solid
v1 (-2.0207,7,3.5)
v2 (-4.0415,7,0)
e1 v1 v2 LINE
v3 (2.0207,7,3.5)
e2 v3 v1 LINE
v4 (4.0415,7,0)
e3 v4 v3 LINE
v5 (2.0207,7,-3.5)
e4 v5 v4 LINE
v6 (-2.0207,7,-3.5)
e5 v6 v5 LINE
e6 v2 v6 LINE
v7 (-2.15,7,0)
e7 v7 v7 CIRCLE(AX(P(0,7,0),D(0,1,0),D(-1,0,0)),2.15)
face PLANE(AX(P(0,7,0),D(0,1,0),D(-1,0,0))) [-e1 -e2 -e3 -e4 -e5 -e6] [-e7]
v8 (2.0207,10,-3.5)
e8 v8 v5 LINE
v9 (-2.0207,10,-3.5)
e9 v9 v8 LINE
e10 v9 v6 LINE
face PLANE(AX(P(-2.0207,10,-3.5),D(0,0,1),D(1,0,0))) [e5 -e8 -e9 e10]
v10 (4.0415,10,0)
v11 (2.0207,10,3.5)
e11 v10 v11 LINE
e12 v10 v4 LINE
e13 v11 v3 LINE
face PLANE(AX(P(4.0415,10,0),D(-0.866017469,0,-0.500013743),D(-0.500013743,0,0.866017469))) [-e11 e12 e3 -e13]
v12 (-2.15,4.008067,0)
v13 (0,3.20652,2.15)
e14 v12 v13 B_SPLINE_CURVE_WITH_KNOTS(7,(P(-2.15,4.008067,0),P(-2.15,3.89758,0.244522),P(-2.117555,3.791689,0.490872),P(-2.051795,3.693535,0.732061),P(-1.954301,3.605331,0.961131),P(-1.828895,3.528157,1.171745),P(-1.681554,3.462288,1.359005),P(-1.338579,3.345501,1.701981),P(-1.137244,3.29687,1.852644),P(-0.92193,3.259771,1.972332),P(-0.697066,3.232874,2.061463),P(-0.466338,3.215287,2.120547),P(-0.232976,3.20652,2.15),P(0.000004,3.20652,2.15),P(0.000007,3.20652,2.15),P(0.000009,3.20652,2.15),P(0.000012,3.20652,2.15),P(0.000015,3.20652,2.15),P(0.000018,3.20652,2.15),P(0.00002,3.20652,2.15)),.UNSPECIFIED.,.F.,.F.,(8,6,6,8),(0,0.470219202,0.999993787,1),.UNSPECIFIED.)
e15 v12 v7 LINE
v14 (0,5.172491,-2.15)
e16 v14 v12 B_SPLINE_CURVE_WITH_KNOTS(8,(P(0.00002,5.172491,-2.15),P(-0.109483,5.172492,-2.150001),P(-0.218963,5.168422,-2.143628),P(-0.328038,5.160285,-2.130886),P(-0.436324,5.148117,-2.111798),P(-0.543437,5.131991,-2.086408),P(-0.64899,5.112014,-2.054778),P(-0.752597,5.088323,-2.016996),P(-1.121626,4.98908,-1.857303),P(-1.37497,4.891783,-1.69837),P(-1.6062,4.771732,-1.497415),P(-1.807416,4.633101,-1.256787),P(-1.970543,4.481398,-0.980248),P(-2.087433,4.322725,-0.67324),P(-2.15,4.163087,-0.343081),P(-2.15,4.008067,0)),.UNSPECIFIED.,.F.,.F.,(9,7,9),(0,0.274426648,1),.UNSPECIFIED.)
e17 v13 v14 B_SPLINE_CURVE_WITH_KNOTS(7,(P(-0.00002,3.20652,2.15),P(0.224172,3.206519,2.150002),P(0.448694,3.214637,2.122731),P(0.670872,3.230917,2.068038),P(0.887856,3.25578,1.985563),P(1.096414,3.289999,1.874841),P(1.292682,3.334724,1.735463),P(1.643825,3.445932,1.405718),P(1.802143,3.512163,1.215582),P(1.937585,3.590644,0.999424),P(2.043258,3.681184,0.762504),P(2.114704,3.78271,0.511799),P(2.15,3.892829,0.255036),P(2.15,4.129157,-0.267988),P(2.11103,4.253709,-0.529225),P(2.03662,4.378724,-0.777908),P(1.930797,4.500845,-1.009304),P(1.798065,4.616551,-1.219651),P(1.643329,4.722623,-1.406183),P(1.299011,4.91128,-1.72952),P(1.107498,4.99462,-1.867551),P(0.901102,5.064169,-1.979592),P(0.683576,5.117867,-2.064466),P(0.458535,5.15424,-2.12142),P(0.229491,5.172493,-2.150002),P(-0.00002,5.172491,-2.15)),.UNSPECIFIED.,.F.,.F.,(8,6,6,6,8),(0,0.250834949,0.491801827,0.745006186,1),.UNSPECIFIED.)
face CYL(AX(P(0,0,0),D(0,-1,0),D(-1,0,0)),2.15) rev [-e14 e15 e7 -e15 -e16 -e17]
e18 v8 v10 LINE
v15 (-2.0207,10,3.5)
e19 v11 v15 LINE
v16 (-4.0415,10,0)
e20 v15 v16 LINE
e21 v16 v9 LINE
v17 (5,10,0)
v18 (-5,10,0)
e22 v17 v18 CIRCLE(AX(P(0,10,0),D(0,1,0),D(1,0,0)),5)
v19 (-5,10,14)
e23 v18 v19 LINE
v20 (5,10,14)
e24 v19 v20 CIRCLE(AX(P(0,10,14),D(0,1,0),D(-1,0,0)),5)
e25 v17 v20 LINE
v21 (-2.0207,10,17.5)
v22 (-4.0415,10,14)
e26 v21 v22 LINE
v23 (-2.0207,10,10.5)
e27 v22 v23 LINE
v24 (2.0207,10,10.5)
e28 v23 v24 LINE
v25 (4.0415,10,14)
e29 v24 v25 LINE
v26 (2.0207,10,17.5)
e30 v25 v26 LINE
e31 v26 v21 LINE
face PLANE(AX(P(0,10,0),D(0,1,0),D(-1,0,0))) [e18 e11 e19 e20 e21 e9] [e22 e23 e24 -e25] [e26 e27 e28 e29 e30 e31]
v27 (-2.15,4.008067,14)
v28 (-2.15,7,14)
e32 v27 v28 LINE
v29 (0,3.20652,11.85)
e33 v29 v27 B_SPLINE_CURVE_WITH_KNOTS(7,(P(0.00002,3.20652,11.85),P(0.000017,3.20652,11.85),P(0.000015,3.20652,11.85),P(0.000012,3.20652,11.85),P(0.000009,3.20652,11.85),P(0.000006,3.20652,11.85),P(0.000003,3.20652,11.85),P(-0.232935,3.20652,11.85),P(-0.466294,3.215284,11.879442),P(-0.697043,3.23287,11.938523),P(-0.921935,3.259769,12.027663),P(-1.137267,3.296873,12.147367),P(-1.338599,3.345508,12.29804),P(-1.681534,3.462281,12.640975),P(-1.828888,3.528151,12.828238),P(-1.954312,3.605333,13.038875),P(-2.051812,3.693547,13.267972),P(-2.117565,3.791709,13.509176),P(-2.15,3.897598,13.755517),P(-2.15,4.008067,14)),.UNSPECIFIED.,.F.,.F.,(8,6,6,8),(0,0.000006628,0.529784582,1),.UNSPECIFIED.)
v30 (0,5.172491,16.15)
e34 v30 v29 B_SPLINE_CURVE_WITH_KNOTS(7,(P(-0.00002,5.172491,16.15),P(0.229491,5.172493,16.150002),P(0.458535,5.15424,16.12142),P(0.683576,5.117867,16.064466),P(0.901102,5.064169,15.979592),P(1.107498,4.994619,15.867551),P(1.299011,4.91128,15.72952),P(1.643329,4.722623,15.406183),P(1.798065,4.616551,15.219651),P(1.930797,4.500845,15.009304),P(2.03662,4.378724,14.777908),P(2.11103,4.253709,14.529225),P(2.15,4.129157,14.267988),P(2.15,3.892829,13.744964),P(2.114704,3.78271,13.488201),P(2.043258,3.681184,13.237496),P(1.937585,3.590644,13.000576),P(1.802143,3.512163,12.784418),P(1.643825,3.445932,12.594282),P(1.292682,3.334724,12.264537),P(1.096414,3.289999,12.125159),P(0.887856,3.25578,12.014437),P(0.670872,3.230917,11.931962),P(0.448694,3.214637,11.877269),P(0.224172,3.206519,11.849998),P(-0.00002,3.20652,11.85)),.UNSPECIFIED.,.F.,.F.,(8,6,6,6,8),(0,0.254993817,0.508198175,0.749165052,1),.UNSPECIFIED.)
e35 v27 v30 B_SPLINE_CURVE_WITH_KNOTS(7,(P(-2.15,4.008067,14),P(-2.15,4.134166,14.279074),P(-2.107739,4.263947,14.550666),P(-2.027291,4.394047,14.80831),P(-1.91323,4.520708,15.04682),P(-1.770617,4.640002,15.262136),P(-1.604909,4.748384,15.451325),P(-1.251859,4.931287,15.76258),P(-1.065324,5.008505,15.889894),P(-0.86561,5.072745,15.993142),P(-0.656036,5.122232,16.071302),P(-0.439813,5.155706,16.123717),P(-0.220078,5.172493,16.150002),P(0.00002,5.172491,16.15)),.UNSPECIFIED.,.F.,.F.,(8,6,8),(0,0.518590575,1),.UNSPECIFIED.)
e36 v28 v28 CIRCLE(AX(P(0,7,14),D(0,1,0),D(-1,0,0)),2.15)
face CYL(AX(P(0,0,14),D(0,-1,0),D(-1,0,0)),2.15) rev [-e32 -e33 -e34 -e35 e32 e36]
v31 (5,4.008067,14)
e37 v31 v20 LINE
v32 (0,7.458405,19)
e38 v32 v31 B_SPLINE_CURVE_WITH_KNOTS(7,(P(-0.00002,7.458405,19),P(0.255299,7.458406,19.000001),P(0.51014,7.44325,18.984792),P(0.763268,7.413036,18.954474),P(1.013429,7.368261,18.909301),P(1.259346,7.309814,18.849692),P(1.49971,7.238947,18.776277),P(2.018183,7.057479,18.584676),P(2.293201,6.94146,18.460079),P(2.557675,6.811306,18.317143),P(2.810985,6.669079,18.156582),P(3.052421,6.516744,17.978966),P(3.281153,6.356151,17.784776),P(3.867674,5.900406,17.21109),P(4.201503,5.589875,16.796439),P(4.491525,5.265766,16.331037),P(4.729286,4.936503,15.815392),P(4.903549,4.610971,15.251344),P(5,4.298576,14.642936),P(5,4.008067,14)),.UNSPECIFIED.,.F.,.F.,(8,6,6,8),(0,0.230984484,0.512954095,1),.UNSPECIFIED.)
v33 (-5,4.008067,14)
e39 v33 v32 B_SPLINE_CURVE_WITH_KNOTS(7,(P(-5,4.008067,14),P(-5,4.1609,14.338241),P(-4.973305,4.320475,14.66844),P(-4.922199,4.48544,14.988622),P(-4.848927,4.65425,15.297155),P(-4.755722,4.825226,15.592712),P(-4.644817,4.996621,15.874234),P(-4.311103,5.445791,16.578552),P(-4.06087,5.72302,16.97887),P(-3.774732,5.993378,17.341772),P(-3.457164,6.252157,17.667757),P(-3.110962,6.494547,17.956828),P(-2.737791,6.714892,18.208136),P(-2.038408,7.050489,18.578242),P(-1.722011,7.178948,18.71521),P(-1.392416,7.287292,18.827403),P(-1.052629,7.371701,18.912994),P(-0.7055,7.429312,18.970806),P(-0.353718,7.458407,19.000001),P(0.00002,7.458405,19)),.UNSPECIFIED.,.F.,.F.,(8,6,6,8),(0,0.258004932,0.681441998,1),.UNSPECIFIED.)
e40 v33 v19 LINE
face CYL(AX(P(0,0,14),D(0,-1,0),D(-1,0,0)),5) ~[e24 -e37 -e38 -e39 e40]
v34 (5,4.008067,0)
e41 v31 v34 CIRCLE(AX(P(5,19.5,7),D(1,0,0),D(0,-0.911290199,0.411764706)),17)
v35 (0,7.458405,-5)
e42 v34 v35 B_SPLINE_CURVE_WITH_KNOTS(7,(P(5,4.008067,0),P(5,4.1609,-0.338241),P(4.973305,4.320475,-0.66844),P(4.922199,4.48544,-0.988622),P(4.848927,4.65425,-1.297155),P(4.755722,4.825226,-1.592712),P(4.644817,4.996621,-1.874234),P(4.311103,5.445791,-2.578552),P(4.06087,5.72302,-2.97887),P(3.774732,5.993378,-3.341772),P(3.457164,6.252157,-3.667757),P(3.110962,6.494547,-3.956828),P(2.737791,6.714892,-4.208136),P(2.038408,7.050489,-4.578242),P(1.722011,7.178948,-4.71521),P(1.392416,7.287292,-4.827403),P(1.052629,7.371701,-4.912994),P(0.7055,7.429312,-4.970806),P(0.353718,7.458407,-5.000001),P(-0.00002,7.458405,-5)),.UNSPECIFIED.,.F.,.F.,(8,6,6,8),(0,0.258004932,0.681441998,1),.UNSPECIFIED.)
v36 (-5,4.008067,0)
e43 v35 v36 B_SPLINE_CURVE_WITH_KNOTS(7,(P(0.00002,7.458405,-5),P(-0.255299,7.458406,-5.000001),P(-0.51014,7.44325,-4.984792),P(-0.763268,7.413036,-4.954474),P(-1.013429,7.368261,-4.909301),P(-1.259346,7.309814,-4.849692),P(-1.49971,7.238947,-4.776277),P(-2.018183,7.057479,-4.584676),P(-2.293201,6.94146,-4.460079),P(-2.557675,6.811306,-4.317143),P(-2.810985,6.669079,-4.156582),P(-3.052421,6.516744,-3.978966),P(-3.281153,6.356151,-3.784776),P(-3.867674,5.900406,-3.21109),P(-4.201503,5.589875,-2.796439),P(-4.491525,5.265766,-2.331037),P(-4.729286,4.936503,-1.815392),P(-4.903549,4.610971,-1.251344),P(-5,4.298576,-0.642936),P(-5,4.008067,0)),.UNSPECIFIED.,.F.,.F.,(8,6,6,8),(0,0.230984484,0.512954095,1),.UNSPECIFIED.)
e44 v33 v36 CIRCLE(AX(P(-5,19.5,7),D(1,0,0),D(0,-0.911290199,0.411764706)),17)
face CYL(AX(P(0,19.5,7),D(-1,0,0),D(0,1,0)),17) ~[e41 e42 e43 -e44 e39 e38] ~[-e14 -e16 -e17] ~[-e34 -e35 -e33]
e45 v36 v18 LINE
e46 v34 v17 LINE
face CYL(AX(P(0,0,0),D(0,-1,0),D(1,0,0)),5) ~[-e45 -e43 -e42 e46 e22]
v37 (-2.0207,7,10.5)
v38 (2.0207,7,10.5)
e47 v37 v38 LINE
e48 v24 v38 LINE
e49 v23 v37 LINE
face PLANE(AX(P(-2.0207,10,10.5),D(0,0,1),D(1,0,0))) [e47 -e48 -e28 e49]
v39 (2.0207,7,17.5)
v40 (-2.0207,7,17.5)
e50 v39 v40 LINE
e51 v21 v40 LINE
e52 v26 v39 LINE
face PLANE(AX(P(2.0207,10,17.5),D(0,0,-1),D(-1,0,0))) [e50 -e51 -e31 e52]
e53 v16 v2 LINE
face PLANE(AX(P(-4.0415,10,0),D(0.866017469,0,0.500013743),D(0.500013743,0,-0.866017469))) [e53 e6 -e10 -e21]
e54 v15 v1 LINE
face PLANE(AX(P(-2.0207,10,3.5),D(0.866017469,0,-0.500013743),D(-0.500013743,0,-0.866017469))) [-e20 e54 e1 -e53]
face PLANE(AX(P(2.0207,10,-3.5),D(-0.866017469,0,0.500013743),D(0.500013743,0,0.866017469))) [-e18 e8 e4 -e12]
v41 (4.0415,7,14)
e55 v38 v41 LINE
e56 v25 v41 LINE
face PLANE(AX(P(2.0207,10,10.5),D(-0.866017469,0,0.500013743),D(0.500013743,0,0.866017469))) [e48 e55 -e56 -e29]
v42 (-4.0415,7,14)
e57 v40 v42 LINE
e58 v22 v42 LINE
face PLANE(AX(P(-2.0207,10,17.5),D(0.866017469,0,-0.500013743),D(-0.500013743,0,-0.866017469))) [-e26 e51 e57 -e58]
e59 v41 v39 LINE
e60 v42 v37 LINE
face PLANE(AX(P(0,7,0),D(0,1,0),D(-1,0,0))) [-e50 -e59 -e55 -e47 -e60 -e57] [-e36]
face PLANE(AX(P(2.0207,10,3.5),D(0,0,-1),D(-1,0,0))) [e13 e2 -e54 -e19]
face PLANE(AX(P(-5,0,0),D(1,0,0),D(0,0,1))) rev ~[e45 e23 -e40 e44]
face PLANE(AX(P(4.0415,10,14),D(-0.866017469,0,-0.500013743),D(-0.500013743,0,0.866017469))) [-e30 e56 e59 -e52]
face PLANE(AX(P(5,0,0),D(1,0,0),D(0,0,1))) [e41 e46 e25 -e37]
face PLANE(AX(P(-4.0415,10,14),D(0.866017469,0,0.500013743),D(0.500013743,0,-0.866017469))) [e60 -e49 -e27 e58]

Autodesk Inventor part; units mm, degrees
ref_plane "YZ Plane" through (0, 0, 0) normal (1, 0, 0) x (0, 1, 0)
ref_plane "XZ Plane" through (0, 0, 0) normal (0, 1, 0) x (-1, 0, 0)
ref_plane "XY Plane" through (0, 0, 0) normal (0, 0, 1) x (1, 0, 0)
sketch "Sketch1" plane through (0, 0, 0) normal (0, 1, 0) x (-1, 0, 0)
  arc A0 (-5, 0) -> (5, 0) centre (0, 0) ccw
  circle A1 centre (0, 0) radius 2.15
  arc A2 (5, 14) -> (-5, 14) centre (0, 14) ccw
  circle A3 centre (0, 14) radius 2.15
  line L0 (-5, 0) -> (-5, 14)
  line L1 (5, 0) -> (5, 14)
  line L2 (0, 0) -> (0, 2.15)
  line L3 (0, 9) -> (0, 14)
  dimension "d1" = 4.3
  dimension "d0" = 10
  dimension "d9" = 14
  dimension "d10" = 10
  dimension "d11" = 4.3
extrude "Extrusion1" add sketch "Sketch1" along normal blind 10
sketch "Sketch2" plane through (0, 10, 0) normal (0, 1, 0) x (-1, 0, 0)
  line L0 (2.0207, 3.5) -> (4.0415, 0)
  line L1 (4.0415, 0) -> (2.0207, -3.5)
  line L2 (2.0207, -3.5) -> (-2.0207, -3.5)
  line L3 (-2.0207, -3.5) -> (-4.0415, 0)
  line L4 (-4.0415, 0) -> (-2.0207, 3.5)
  line L5 (-2.0207, 3.5) -> (2.0207, 3.5)
  circle A0 centre (0, 14) radius 2.15 projected
  line L6 (-4.0415, 14) -> (-2.0207, 17.5)
  line L7 (-2.0207, 17.5) -> (2.0207, 17.5)
  line L8 (2.0207, 17.5) -> (4.0415, 14)
  line L9 (4.0415, 14) -> (2.0207, 10.5)
  line L10 (2.0207, 10.5) -> (-2.0207, 10.5)
  line L11 (-2.0207, 10.5) -> (-4.0415, 14)
  point P0 (0, 0)
  point P1 (0, 0)
  dimension "d4" = 7
  dimension "d15" = 7
extrude "Extrusion2" cut sketch "Sketch2" against normal blind 3
sketch "Sketch3" plane through (0, 0, 0) normal (1, 0, 0) x (0, 1, 0)
  line L0 (0, 0) -> (0, 7)
  line L1 (0, 2.15) -> (0, -2.15) projected
  line L2 (0, 7) -> (19.5, 7)
  circle A0 centre (19.5, 7) radius 17
  line L3 (7, -2.15) -> (7, 2.15) projected
  line L4 (7, 0) -> (7, 3.5) projected
  line L5 (7, -3.5) -> (7, 0) projected
  line L6 (7, 0) -> (7, -3.5) projected
  line L7 (7, 3.5) -> (7, 0) projected
  circle A1 centre (19.5, 7) radius 30.634
  dimension "d7" = 7
  dimension "d8" = 19.5
  dimension "d12" = 34
extrude "Extrusion3" cut sketch "Sketch3" along normal through all both and the other way through all
equation "\"d15\" = d4"
properties part number "Spacer_Collective_Base_NutM4"
